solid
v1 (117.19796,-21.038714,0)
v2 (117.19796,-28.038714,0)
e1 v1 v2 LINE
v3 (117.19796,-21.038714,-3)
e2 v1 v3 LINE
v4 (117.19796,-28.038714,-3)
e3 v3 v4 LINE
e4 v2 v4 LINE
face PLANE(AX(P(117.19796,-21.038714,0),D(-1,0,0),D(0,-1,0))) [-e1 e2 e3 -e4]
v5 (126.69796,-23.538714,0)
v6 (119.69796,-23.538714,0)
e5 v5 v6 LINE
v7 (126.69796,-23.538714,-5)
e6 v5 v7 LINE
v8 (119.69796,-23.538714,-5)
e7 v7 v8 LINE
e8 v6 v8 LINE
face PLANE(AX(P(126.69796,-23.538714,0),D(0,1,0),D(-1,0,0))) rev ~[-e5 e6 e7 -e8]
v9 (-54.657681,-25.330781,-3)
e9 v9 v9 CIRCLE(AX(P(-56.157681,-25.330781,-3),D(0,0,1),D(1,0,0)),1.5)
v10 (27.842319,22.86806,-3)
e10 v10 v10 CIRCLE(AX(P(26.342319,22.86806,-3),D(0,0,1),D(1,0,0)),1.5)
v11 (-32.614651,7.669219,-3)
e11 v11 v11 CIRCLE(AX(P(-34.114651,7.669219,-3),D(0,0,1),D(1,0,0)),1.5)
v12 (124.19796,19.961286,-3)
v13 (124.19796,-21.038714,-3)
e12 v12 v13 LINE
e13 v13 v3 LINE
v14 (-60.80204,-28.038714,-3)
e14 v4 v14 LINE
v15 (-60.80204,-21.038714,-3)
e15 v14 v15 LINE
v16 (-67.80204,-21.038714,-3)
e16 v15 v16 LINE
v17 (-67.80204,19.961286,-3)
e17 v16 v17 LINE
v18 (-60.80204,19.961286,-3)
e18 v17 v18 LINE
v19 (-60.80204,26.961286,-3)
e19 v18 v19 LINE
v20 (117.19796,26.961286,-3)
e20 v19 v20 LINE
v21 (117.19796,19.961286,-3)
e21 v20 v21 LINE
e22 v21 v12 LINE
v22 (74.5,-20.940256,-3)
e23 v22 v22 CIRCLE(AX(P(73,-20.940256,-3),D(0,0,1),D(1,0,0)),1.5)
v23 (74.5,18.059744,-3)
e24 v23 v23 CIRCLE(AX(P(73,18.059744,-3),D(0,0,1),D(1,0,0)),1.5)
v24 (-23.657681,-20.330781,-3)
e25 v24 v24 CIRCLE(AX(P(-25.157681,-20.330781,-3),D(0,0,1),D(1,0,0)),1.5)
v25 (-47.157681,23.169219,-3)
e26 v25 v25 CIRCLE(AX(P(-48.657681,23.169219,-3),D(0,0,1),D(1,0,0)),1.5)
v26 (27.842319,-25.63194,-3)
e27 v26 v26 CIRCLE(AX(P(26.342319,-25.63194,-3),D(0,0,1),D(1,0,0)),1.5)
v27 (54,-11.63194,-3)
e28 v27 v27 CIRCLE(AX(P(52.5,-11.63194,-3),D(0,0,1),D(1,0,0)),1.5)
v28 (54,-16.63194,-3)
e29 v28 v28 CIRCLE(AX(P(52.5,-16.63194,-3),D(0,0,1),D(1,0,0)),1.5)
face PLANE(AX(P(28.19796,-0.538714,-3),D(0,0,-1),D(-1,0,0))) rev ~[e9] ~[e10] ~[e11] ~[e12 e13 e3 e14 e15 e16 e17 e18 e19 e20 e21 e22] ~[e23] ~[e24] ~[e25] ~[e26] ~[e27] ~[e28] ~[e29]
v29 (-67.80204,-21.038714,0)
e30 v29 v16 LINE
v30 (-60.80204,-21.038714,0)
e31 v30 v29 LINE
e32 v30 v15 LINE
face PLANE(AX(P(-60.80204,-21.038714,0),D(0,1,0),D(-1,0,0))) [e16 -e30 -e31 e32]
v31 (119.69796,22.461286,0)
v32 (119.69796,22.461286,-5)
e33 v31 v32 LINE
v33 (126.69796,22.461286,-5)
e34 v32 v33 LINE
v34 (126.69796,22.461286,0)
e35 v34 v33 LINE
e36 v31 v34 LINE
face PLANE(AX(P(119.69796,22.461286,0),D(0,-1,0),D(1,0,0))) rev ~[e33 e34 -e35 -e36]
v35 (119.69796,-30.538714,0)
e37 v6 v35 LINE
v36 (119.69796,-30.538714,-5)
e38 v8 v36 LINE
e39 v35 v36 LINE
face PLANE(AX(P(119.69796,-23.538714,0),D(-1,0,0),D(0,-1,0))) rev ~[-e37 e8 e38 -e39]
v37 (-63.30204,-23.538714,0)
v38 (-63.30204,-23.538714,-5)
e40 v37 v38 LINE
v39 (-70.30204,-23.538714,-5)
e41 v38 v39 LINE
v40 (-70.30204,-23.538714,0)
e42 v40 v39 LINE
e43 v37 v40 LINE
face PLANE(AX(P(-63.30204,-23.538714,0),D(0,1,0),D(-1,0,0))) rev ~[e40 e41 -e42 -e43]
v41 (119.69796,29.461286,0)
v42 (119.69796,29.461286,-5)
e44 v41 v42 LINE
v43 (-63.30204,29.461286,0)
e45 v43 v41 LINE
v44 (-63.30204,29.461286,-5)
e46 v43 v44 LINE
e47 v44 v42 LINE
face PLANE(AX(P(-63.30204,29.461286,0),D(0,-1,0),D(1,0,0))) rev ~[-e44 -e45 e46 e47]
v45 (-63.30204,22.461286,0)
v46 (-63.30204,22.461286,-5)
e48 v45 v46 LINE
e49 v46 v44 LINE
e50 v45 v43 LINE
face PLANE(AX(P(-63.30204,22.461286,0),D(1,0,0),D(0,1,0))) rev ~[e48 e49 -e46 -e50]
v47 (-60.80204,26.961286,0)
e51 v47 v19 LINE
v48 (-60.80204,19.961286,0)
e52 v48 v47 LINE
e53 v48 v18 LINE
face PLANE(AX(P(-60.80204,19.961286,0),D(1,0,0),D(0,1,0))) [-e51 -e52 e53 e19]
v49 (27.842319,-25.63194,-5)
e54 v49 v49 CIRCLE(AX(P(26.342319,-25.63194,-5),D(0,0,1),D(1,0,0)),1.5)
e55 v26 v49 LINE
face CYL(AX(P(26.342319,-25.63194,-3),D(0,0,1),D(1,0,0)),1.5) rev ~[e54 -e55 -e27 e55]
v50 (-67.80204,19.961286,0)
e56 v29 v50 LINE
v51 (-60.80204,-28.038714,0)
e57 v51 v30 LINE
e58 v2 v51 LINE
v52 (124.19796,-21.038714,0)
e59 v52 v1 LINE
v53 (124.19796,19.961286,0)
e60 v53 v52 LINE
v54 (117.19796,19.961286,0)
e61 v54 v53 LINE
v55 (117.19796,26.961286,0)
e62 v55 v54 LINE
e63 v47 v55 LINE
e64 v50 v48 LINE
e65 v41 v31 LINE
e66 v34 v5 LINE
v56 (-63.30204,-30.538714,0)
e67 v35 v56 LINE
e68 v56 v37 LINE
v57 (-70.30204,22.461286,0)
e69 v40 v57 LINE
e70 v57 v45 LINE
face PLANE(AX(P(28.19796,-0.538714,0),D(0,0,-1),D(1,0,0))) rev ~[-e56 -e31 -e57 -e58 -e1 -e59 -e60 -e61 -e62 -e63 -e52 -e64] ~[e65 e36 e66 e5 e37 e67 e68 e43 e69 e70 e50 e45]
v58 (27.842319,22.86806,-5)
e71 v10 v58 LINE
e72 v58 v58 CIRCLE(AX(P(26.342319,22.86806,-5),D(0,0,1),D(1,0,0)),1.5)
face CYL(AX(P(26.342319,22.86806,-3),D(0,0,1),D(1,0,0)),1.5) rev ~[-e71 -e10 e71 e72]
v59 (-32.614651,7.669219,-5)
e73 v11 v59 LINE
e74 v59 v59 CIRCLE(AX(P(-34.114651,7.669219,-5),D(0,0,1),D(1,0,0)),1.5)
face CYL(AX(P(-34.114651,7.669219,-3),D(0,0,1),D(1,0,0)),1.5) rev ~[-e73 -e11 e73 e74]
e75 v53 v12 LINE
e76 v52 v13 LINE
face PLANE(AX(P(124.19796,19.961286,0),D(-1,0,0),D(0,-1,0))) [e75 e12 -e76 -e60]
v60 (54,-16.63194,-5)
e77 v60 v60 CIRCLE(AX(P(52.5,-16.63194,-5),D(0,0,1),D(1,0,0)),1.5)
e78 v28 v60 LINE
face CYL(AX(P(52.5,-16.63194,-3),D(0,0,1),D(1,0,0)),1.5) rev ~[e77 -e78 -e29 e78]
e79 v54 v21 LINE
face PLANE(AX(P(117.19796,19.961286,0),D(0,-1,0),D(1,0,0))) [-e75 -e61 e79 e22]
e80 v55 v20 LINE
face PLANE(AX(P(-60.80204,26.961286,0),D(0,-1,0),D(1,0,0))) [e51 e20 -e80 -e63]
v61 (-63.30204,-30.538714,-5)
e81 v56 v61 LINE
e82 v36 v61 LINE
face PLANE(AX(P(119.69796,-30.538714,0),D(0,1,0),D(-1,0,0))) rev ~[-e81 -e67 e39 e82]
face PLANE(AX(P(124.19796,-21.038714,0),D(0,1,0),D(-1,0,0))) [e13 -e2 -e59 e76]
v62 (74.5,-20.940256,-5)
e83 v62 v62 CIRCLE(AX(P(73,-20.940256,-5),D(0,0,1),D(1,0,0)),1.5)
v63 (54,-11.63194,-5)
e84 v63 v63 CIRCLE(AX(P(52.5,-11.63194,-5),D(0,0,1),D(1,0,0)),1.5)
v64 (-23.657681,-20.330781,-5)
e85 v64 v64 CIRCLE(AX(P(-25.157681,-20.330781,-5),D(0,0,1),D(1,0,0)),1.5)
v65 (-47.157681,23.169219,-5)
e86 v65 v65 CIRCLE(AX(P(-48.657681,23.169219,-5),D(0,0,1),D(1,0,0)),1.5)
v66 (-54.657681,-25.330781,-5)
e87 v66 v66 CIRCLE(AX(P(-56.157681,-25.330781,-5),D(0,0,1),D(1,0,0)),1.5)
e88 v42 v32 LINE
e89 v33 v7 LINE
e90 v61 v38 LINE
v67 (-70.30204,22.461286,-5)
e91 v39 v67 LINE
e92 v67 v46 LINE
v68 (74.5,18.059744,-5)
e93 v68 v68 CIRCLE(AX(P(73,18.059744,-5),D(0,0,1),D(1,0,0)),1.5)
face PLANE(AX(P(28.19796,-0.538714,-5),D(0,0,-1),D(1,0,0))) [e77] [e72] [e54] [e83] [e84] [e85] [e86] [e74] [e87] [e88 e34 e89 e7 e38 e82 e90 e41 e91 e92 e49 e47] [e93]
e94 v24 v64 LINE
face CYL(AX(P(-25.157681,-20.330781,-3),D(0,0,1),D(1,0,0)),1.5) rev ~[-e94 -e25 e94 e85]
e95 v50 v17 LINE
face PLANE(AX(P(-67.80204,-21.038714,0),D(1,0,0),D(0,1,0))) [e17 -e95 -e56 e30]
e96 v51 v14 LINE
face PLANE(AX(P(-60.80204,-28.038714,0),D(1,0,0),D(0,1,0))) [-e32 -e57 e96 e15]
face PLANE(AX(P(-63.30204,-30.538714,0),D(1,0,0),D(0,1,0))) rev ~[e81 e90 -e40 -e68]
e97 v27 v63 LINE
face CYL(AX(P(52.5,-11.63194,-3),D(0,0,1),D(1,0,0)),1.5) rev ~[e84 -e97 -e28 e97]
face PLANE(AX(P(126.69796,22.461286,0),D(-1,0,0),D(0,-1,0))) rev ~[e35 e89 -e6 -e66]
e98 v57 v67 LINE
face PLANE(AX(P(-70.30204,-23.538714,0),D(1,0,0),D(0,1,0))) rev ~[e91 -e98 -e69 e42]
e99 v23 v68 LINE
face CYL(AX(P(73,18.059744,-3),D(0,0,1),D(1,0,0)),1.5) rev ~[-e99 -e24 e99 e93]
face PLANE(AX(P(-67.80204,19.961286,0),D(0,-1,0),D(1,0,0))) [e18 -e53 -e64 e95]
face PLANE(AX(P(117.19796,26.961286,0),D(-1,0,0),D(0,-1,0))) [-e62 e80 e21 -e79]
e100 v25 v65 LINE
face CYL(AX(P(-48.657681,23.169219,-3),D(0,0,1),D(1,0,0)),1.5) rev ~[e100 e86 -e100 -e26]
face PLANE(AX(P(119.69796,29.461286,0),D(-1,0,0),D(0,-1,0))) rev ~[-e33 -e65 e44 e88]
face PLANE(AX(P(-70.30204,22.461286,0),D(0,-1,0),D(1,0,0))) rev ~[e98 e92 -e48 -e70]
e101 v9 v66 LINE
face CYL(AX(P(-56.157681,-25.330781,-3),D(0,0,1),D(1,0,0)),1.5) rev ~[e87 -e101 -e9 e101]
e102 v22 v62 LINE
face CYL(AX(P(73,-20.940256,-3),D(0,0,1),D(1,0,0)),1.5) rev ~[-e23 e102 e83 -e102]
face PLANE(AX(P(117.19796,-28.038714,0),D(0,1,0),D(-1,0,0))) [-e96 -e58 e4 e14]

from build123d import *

# Parameters (mm, degrees)
PAD_DEPTH       = 5
POCKET003_DEPTH = 3
SKETCH011_R     = 1.5
POCKET004_DEPTH = 10


with BuildPart() as part:
    # Sketch009 (on Face5 of Pad002) → Pad (new body)
    with BuildSketch(Plane(origin=(0, 0, 0), x_dir=(1, 0, 0), z_dir=(0, 0, -1))):
        Polygon((-63.30204, 23.538714), (-70.30204, 23.538714), (-70.30204, -22.461286), (-63.30204, -22.461286), (-63.30204, -29.461286), (119.69796, -29.461286), (119.69796, -22.461286), (126.69796, -22.461286), (126.69796, 23.538714), (119.69796, 23.538714), (119.69796, 30.538714), (-63.30204, 30.538714), align=None)
    extrude(amount=PAD_DEPTH)

    # Sketch010 (on Face13 of Pad) → Pocket003 (cut)
    with BuildSketch(Plane.XY):
        Polygon((-60.80204, -28.038714), (-60.80204, -21.038714), (-67.80204, -21.038714), (-67.80204, 19.961286), (-60.80204, 19.961286), (-60.80204, 26.961286), (117.19796, 26.961286), (117.19796, 19.961286), (124.19796, 19.961286), (124.19796, -21.038714), (117.19796, -21.038714), (117.19796, -28.038714), align=None)
    extrude(amount=-POCKET003_DEPTH, mode=Mode.SUBTRACT)

    # Sketch011 (on Face27 of Pocket003) → Pocket004 (cut)
    with BuildSketch(Plane.XY.offset(-3)):
        with Locations((-48.657681, 23.169219)):
            Circle(SKETCH011_R)
        with Locations((-34.114651, 7.669219)):
            Circle(SKETCH011_R)
        with Locations((26.342319, 22.86806)):
            Circle(SKETCH011_R)
        with Locations((-25.157681, -20.330781)):
            Circle(SKETCH011_R)
        with Locations((-56.157681, -25.330781)):
            Circle(SKETCH011_R)
        with Locations((26.342319, -25.63194)):
            Circle(SKETCH011_R)
        with Locations((52.5, -11.63194)):
            Circle(SKETCH011_R)
        with Locations((52.5, -16.63194)):
            Circle(SKETCH011_R)
        with Locations((73, 18.059744)):
            Circle(SKETCH011_R)
        with Locations((73, -20.940256)):
            Circle(SKETCH011_R)
    extrude(amount=-POCKET004_DEPTH, mode=Mode.SUBTRACT)


solid = part.part
